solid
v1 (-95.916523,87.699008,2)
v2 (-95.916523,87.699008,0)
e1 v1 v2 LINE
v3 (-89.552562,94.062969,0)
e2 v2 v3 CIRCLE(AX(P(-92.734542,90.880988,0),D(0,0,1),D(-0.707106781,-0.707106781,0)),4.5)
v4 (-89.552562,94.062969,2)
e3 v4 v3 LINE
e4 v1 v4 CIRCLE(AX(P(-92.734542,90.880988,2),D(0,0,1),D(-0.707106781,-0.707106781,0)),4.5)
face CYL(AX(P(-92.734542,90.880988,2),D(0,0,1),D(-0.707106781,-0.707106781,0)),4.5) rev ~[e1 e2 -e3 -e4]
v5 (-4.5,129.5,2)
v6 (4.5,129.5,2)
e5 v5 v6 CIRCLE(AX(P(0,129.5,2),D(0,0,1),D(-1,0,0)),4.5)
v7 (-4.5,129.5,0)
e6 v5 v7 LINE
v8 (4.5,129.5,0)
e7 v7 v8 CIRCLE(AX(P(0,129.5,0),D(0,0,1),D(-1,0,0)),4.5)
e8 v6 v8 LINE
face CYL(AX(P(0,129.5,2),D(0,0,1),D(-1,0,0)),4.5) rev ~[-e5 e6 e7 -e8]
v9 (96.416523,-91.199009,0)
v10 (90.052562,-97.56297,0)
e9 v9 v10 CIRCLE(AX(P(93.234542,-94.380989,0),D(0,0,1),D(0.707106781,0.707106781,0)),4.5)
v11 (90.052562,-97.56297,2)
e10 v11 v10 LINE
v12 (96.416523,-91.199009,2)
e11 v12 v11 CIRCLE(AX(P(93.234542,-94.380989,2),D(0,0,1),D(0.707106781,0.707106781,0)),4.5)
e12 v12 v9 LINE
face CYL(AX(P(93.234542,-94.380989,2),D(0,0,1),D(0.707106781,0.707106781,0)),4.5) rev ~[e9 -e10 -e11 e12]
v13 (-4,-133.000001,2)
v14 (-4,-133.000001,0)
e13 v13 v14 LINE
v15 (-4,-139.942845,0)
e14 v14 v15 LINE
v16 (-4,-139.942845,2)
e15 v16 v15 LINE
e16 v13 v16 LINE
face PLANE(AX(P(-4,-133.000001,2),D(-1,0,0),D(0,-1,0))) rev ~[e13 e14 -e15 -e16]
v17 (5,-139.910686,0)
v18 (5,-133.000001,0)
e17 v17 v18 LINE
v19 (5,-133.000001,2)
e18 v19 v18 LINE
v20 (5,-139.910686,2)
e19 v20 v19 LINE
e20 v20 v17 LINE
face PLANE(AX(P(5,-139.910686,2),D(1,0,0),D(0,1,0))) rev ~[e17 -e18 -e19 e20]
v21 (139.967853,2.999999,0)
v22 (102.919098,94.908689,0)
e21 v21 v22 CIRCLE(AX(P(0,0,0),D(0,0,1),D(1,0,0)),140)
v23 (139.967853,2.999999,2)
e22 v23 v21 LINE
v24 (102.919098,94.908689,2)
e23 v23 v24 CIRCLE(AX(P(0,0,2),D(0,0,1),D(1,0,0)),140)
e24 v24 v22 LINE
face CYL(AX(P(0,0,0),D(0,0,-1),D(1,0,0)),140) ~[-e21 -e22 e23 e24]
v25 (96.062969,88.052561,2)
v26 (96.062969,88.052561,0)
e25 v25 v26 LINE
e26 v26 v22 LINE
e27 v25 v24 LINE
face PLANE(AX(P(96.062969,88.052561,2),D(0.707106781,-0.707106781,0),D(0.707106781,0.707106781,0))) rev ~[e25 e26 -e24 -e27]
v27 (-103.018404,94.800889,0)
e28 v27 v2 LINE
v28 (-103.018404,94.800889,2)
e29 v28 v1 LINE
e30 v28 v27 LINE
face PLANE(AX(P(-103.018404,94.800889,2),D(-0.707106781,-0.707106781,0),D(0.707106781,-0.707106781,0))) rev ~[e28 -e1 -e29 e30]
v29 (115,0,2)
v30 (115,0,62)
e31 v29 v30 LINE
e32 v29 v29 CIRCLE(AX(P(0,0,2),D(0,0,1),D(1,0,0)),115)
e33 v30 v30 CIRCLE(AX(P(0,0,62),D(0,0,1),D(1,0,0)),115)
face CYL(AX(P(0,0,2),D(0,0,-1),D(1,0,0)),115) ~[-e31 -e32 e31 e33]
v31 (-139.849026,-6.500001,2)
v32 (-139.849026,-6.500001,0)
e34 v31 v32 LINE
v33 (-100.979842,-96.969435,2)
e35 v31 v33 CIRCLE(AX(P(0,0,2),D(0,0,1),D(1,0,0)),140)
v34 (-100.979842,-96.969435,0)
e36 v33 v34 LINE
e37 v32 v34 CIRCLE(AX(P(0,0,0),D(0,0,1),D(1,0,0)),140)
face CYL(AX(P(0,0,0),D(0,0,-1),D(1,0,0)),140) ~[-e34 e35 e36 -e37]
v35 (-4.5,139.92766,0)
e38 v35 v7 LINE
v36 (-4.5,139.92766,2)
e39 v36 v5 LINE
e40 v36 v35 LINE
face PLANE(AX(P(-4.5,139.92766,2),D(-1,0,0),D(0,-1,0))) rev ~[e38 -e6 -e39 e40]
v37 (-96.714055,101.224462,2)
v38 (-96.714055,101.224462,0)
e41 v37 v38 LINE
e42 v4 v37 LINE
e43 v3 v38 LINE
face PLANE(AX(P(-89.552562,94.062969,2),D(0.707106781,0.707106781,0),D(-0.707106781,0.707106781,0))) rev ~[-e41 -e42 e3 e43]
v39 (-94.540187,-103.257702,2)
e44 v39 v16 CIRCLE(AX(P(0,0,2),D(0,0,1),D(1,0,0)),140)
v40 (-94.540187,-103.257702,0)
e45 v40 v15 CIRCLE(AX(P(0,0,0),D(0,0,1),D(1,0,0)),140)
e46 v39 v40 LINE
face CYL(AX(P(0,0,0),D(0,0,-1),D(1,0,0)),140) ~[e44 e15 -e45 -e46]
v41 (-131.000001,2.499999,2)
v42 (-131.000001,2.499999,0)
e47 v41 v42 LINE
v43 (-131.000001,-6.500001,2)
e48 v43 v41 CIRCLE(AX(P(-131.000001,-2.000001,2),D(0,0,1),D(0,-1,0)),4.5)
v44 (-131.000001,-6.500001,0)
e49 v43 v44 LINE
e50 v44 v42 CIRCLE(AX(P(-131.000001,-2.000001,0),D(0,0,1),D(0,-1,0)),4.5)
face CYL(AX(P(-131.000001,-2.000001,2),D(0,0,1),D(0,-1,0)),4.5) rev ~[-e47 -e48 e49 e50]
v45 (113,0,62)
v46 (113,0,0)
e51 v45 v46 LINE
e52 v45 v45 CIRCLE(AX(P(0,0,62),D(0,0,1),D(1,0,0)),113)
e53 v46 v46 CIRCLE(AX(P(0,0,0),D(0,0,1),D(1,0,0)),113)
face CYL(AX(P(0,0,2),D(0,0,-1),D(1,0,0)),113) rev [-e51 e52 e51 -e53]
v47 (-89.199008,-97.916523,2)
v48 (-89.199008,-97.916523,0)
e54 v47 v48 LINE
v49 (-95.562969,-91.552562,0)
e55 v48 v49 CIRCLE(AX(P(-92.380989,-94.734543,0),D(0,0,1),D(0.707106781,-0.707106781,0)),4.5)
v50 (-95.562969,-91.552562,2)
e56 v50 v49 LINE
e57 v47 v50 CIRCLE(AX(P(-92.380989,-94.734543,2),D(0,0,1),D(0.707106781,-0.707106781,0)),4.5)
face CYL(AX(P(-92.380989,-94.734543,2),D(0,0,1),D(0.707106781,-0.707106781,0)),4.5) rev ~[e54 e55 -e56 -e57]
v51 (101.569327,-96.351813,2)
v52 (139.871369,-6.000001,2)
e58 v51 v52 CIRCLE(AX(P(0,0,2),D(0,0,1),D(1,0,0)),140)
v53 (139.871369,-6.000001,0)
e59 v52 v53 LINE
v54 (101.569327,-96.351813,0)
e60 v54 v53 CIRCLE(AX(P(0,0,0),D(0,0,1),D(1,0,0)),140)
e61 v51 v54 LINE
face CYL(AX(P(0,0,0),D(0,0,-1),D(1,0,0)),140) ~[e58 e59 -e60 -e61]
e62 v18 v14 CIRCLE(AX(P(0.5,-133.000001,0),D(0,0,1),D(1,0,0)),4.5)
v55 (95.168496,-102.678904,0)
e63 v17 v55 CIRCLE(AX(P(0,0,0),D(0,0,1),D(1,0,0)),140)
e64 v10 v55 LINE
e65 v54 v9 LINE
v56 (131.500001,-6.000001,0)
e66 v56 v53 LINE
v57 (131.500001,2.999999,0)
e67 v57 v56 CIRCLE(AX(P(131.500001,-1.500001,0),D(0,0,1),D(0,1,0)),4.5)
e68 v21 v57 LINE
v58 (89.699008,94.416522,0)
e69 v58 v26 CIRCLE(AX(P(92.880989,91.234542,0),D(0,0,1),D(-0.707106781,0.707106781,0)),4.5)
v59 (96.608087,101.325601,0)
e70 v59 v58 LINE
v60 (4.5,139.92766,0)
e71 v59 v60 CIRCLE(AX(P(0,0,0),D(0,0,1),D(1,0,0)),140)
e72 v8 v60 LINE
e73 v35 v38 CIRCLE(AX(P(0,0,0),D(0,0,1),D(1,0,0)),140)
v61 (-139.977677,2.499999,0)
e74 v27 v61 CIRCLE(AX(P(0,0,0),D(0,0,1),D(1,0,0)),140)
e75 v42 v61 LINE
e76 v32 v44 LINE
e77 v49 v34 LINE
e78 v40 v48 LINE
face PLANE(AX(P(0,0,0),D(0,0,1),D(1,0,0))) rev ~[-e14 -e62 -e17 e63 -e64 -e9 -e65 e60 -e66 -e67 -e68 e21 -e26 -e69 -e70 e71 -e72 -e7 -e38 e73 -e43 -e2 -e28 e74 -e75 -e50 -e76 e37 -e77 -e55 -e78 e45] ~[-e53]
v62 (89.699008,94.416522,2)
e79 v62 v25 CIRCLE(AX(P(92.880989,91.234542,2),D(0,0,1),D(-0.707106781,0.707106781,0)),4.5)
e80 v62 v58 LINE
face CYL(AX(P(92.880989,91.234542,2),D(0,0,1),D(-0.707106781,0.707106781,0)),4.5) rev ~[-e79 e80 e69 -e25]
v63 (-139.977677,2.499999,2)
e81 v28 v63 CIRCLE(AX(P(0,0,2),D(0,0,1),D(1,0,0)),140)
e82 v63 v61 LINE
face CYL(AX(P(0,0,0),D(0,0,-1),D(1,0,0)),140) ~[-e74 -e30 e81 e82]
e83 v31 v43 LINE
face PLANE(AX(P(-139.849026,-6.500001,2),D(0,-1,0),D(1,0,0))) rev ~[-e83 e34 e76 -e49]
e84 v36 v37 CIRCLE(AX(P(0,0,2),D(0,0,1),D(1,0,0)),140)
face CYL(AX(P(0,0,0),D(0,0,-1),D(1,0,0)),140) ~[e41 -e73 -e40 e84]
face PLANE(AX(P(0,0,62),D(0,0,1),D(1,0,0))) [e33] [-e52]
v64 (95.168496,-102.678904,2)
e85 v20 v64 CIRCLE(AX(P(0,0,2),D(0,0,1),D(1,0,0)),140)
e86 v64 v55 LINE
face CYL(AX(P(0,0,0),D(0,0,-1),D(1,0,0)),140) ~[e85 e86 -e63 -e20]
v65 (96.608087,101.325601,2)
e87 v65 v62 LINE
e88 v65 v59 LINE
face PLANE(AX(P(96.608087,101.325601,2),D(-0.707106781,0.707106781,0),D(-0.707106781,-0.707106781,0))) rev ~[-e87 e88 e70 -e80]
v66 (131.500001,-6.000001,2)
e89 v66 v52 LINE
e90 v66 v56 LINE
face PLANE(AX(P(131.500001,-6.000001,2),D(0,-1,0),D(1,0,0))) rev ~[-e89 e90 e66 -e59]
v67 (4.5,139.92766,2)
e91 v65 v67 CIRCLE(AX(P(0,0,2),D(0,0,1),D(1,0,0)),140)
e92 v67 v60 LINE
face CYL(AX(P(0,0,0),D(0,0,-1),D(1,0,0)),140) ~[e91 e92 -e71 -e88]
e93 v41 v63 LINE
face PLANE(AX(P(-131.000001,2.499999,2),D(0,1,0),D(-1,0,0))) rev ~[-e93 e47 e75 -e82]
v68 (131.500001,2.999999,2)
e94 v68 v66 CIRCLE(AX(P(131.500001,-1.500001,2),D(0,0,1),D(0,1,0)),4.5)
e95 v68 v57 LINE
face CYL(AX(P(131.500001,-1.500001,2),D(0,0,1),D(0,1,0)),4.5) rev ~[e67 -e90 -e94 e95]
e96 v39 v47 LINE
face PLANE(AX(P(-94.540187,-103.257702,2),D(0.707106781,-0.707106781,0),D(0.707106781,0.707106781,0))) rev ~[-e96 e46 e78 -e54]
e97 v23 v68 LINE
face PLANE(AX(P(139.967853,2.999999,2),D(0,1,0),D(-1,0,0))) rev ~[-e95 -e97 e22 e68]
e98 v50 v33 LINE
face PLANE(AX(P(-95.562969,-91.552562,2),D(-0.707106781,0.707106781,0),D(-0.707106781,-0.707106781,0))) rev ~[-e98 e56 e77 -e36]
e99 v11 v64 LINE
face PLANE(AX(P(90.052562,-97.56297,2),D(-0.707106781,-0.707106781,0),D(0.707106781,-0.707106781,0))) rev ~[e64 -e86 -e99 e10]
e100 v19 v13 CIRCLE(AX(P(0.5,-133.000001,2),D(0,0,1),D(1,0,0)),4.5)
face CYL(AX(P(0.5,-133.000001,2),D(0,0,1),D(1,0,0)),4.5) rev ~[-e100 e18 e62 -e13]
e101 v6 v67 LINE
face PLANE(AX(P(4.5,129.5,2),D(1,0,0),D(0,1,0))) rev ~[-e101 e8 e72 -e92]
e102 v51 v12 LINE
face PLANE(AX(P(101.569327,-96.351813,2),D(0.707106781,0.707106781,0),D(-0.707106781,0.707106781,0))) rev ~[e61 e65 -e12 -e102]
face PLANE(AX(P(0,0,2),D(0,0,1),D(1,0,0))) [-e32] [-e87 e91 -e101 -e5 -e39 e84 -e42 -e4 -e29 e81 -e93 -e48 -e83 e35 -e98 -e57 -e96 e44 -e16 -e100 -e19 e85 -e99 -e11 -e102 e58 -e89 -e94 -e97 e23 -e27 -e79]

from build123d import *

# Parameters (mm, degrees)
F0_R     = 140
F0_R_2   = 113
F1_DEPTH = 2
F2_R     = 115
F2_R_2   = 113
F3_DEPTH = 60
F5_DEPTH = 2.001


with BuildPart() as f1:
    # F0 (on Top) → F1 (new body)
    with BuildSketch(Plane.XY):
        Circle(F0_R)
        Circle(F0_R_2, mode=Mode.SUBTRACT)
    extrude(amount=F1_DEPTH)

    # F2 (on face) → F3 (join)
    with BuildSketch(Plane.XY.offset(2)):
        Circle(F2_R)
        Circle(F2_R_2, mode=Mode.SUBTRACT)
    extrude(amount=F3_DEPTH)

    # F4 (on face) → F5 (cut, through all)
    with BuildSketch(Plane.XY.offset(2)):
        with BuildLine():
            ThreePointArc((-4.5, 129.5), (0, 125), (4.5, 129.5))
            Line((4.5, 129.5), (4.5, 139.9276598818))
            ThreePointArc((4.5, 139.9276598818), (2.2502907086, 139.9819138022), (0, 140))
            ThreePointArc((0, 140), (-2.2502907086, 139.9819138022), (-4.5, 139.9276598818))
            Line((-4.5, 139.9276598818), (-4.5, 129.5))
        make_face()
        with BuildLine():
            ThreePointArc((102.9190976917, 94.9086894353), (99.8151721136, 98.1678736448), (96.6080873732, 101.3256011781))
            Line((96.6080873732, 101.3256011781), (89.6990082559, 94.4165220608))
            ThreePointArc((89.6990082559, 94.4165220608), (89.6990082559, 88.0525610302), (96.0629692866, 88.0525610302))
            Line((96.0629692866, 88.0525610302), (102.9190976917, 94.9086894353))
        make_face()
        with BuildLine():
            ThreePointArc((140, 0), (139.9919631357, 1.500085806), (139.9678534654, 2.9999993836))
            Line((139.9678534654, 2.9999993836), (131.5000006164, 2.9999993836))
            ThreePointArc((131.5000006164, 2.9999993836), (127.0000006164, -1.5000006164), (131.5000006164, -6.0000006164))
            Line((131.5000006164, -6.0000006164), (139.8713694528, -6.0000006164))
            ThreePointArc((139.8713694528, -6.0000006164), (139.9678386691, -3.000689638), (140, 0))
        make_face()
        with BuildLine():
            ThreePointArc((95.1684959742, -102.6789042307), (98.41976806, -99.5668079985), (101.5693267645, -96.3518129596))
            Line((101.5693267645, -96.3518129596), (96.4165226772, -91.1990088723))
            ThreePointArc((96.4165226772, -91.1990088723), (90.0525616465, -91.1990088723), (90.0525616465, -97.562969903))
            Line((90.0525616465, -97.562969903), (95.1684959742, -102.6789042306))
        make_face()
        with BuildLine():
            Line((-4, -133.0000012327), (-4, -139.9428454763))
            ThreePointArc((-4, -139.9428454763), (0.5002584944, -139.9991062166), (5, -139.9106857963))
            Line((5, -139.9106857963), (5, -133.0000012327))
            ThreePointArc((5, -133.0000012327), (0.5, -128.5000012327), (-4, -133.0000012327))
        make_face()
        with BuildLine():
            Line((-95.5629692866, -91.5525622629), (-100.97984248, -96.9694354563))
            ThreePointArc((-100.97984248, -96.9694354563), (-97.8105621043, -100.1653330292), (-94.5401870301, -103.2577020677))
            Line((-94.5401870301, -103.2577020677), (-89.1990082559, -97.9165232936))
            ThreePointArc((-89.1990082559, -97.9165232936), (-89.1990082559, -91.5525622629), (-95.5629692866, -91.5525622629))
        make_face()
        with BuildLine():
            Line((-131.0000006164, 2.4999993836), (-139.9776768027, 2.4999993836))
            ThreePointArc((-139.9776768027, 2.4999993836), (-139.9856987687, -2.0010347926), (-139.8490257098, -6.5000006164))
            Line((-139.8490257098, -6.5000006164), (-131.0000006164, -6.5000006164))
            ThreePointArc((-131.0000006164, -6.5000006164), (-126.5000006164, -2.0000006164), (-131.0000006164, 2.4999993836))
        make_face()
        with BuildLine():
            Line((-89.5525616465, 94.0629686703), (-96.7140546298, 101.2244616536))
            ThreePointArc((-96.7140546298, 101.2244616536), (-99.9178627776, 98.063350432), (-103.01840372, 94.8008886824))
            Line((-103.01840372, 94.8008886824), (-95.9165226772, 87.6990076396))
            ThreePointArc((-95.9165226772, 87.6990076396), (-89.5525616465, 87.6990076396), (-89.5525616465, 94.0629686703))
        make_face()
    extrude(amount=-F5_DEPTH, mode=Mode.SUBTRACT)


solid = f1.part
